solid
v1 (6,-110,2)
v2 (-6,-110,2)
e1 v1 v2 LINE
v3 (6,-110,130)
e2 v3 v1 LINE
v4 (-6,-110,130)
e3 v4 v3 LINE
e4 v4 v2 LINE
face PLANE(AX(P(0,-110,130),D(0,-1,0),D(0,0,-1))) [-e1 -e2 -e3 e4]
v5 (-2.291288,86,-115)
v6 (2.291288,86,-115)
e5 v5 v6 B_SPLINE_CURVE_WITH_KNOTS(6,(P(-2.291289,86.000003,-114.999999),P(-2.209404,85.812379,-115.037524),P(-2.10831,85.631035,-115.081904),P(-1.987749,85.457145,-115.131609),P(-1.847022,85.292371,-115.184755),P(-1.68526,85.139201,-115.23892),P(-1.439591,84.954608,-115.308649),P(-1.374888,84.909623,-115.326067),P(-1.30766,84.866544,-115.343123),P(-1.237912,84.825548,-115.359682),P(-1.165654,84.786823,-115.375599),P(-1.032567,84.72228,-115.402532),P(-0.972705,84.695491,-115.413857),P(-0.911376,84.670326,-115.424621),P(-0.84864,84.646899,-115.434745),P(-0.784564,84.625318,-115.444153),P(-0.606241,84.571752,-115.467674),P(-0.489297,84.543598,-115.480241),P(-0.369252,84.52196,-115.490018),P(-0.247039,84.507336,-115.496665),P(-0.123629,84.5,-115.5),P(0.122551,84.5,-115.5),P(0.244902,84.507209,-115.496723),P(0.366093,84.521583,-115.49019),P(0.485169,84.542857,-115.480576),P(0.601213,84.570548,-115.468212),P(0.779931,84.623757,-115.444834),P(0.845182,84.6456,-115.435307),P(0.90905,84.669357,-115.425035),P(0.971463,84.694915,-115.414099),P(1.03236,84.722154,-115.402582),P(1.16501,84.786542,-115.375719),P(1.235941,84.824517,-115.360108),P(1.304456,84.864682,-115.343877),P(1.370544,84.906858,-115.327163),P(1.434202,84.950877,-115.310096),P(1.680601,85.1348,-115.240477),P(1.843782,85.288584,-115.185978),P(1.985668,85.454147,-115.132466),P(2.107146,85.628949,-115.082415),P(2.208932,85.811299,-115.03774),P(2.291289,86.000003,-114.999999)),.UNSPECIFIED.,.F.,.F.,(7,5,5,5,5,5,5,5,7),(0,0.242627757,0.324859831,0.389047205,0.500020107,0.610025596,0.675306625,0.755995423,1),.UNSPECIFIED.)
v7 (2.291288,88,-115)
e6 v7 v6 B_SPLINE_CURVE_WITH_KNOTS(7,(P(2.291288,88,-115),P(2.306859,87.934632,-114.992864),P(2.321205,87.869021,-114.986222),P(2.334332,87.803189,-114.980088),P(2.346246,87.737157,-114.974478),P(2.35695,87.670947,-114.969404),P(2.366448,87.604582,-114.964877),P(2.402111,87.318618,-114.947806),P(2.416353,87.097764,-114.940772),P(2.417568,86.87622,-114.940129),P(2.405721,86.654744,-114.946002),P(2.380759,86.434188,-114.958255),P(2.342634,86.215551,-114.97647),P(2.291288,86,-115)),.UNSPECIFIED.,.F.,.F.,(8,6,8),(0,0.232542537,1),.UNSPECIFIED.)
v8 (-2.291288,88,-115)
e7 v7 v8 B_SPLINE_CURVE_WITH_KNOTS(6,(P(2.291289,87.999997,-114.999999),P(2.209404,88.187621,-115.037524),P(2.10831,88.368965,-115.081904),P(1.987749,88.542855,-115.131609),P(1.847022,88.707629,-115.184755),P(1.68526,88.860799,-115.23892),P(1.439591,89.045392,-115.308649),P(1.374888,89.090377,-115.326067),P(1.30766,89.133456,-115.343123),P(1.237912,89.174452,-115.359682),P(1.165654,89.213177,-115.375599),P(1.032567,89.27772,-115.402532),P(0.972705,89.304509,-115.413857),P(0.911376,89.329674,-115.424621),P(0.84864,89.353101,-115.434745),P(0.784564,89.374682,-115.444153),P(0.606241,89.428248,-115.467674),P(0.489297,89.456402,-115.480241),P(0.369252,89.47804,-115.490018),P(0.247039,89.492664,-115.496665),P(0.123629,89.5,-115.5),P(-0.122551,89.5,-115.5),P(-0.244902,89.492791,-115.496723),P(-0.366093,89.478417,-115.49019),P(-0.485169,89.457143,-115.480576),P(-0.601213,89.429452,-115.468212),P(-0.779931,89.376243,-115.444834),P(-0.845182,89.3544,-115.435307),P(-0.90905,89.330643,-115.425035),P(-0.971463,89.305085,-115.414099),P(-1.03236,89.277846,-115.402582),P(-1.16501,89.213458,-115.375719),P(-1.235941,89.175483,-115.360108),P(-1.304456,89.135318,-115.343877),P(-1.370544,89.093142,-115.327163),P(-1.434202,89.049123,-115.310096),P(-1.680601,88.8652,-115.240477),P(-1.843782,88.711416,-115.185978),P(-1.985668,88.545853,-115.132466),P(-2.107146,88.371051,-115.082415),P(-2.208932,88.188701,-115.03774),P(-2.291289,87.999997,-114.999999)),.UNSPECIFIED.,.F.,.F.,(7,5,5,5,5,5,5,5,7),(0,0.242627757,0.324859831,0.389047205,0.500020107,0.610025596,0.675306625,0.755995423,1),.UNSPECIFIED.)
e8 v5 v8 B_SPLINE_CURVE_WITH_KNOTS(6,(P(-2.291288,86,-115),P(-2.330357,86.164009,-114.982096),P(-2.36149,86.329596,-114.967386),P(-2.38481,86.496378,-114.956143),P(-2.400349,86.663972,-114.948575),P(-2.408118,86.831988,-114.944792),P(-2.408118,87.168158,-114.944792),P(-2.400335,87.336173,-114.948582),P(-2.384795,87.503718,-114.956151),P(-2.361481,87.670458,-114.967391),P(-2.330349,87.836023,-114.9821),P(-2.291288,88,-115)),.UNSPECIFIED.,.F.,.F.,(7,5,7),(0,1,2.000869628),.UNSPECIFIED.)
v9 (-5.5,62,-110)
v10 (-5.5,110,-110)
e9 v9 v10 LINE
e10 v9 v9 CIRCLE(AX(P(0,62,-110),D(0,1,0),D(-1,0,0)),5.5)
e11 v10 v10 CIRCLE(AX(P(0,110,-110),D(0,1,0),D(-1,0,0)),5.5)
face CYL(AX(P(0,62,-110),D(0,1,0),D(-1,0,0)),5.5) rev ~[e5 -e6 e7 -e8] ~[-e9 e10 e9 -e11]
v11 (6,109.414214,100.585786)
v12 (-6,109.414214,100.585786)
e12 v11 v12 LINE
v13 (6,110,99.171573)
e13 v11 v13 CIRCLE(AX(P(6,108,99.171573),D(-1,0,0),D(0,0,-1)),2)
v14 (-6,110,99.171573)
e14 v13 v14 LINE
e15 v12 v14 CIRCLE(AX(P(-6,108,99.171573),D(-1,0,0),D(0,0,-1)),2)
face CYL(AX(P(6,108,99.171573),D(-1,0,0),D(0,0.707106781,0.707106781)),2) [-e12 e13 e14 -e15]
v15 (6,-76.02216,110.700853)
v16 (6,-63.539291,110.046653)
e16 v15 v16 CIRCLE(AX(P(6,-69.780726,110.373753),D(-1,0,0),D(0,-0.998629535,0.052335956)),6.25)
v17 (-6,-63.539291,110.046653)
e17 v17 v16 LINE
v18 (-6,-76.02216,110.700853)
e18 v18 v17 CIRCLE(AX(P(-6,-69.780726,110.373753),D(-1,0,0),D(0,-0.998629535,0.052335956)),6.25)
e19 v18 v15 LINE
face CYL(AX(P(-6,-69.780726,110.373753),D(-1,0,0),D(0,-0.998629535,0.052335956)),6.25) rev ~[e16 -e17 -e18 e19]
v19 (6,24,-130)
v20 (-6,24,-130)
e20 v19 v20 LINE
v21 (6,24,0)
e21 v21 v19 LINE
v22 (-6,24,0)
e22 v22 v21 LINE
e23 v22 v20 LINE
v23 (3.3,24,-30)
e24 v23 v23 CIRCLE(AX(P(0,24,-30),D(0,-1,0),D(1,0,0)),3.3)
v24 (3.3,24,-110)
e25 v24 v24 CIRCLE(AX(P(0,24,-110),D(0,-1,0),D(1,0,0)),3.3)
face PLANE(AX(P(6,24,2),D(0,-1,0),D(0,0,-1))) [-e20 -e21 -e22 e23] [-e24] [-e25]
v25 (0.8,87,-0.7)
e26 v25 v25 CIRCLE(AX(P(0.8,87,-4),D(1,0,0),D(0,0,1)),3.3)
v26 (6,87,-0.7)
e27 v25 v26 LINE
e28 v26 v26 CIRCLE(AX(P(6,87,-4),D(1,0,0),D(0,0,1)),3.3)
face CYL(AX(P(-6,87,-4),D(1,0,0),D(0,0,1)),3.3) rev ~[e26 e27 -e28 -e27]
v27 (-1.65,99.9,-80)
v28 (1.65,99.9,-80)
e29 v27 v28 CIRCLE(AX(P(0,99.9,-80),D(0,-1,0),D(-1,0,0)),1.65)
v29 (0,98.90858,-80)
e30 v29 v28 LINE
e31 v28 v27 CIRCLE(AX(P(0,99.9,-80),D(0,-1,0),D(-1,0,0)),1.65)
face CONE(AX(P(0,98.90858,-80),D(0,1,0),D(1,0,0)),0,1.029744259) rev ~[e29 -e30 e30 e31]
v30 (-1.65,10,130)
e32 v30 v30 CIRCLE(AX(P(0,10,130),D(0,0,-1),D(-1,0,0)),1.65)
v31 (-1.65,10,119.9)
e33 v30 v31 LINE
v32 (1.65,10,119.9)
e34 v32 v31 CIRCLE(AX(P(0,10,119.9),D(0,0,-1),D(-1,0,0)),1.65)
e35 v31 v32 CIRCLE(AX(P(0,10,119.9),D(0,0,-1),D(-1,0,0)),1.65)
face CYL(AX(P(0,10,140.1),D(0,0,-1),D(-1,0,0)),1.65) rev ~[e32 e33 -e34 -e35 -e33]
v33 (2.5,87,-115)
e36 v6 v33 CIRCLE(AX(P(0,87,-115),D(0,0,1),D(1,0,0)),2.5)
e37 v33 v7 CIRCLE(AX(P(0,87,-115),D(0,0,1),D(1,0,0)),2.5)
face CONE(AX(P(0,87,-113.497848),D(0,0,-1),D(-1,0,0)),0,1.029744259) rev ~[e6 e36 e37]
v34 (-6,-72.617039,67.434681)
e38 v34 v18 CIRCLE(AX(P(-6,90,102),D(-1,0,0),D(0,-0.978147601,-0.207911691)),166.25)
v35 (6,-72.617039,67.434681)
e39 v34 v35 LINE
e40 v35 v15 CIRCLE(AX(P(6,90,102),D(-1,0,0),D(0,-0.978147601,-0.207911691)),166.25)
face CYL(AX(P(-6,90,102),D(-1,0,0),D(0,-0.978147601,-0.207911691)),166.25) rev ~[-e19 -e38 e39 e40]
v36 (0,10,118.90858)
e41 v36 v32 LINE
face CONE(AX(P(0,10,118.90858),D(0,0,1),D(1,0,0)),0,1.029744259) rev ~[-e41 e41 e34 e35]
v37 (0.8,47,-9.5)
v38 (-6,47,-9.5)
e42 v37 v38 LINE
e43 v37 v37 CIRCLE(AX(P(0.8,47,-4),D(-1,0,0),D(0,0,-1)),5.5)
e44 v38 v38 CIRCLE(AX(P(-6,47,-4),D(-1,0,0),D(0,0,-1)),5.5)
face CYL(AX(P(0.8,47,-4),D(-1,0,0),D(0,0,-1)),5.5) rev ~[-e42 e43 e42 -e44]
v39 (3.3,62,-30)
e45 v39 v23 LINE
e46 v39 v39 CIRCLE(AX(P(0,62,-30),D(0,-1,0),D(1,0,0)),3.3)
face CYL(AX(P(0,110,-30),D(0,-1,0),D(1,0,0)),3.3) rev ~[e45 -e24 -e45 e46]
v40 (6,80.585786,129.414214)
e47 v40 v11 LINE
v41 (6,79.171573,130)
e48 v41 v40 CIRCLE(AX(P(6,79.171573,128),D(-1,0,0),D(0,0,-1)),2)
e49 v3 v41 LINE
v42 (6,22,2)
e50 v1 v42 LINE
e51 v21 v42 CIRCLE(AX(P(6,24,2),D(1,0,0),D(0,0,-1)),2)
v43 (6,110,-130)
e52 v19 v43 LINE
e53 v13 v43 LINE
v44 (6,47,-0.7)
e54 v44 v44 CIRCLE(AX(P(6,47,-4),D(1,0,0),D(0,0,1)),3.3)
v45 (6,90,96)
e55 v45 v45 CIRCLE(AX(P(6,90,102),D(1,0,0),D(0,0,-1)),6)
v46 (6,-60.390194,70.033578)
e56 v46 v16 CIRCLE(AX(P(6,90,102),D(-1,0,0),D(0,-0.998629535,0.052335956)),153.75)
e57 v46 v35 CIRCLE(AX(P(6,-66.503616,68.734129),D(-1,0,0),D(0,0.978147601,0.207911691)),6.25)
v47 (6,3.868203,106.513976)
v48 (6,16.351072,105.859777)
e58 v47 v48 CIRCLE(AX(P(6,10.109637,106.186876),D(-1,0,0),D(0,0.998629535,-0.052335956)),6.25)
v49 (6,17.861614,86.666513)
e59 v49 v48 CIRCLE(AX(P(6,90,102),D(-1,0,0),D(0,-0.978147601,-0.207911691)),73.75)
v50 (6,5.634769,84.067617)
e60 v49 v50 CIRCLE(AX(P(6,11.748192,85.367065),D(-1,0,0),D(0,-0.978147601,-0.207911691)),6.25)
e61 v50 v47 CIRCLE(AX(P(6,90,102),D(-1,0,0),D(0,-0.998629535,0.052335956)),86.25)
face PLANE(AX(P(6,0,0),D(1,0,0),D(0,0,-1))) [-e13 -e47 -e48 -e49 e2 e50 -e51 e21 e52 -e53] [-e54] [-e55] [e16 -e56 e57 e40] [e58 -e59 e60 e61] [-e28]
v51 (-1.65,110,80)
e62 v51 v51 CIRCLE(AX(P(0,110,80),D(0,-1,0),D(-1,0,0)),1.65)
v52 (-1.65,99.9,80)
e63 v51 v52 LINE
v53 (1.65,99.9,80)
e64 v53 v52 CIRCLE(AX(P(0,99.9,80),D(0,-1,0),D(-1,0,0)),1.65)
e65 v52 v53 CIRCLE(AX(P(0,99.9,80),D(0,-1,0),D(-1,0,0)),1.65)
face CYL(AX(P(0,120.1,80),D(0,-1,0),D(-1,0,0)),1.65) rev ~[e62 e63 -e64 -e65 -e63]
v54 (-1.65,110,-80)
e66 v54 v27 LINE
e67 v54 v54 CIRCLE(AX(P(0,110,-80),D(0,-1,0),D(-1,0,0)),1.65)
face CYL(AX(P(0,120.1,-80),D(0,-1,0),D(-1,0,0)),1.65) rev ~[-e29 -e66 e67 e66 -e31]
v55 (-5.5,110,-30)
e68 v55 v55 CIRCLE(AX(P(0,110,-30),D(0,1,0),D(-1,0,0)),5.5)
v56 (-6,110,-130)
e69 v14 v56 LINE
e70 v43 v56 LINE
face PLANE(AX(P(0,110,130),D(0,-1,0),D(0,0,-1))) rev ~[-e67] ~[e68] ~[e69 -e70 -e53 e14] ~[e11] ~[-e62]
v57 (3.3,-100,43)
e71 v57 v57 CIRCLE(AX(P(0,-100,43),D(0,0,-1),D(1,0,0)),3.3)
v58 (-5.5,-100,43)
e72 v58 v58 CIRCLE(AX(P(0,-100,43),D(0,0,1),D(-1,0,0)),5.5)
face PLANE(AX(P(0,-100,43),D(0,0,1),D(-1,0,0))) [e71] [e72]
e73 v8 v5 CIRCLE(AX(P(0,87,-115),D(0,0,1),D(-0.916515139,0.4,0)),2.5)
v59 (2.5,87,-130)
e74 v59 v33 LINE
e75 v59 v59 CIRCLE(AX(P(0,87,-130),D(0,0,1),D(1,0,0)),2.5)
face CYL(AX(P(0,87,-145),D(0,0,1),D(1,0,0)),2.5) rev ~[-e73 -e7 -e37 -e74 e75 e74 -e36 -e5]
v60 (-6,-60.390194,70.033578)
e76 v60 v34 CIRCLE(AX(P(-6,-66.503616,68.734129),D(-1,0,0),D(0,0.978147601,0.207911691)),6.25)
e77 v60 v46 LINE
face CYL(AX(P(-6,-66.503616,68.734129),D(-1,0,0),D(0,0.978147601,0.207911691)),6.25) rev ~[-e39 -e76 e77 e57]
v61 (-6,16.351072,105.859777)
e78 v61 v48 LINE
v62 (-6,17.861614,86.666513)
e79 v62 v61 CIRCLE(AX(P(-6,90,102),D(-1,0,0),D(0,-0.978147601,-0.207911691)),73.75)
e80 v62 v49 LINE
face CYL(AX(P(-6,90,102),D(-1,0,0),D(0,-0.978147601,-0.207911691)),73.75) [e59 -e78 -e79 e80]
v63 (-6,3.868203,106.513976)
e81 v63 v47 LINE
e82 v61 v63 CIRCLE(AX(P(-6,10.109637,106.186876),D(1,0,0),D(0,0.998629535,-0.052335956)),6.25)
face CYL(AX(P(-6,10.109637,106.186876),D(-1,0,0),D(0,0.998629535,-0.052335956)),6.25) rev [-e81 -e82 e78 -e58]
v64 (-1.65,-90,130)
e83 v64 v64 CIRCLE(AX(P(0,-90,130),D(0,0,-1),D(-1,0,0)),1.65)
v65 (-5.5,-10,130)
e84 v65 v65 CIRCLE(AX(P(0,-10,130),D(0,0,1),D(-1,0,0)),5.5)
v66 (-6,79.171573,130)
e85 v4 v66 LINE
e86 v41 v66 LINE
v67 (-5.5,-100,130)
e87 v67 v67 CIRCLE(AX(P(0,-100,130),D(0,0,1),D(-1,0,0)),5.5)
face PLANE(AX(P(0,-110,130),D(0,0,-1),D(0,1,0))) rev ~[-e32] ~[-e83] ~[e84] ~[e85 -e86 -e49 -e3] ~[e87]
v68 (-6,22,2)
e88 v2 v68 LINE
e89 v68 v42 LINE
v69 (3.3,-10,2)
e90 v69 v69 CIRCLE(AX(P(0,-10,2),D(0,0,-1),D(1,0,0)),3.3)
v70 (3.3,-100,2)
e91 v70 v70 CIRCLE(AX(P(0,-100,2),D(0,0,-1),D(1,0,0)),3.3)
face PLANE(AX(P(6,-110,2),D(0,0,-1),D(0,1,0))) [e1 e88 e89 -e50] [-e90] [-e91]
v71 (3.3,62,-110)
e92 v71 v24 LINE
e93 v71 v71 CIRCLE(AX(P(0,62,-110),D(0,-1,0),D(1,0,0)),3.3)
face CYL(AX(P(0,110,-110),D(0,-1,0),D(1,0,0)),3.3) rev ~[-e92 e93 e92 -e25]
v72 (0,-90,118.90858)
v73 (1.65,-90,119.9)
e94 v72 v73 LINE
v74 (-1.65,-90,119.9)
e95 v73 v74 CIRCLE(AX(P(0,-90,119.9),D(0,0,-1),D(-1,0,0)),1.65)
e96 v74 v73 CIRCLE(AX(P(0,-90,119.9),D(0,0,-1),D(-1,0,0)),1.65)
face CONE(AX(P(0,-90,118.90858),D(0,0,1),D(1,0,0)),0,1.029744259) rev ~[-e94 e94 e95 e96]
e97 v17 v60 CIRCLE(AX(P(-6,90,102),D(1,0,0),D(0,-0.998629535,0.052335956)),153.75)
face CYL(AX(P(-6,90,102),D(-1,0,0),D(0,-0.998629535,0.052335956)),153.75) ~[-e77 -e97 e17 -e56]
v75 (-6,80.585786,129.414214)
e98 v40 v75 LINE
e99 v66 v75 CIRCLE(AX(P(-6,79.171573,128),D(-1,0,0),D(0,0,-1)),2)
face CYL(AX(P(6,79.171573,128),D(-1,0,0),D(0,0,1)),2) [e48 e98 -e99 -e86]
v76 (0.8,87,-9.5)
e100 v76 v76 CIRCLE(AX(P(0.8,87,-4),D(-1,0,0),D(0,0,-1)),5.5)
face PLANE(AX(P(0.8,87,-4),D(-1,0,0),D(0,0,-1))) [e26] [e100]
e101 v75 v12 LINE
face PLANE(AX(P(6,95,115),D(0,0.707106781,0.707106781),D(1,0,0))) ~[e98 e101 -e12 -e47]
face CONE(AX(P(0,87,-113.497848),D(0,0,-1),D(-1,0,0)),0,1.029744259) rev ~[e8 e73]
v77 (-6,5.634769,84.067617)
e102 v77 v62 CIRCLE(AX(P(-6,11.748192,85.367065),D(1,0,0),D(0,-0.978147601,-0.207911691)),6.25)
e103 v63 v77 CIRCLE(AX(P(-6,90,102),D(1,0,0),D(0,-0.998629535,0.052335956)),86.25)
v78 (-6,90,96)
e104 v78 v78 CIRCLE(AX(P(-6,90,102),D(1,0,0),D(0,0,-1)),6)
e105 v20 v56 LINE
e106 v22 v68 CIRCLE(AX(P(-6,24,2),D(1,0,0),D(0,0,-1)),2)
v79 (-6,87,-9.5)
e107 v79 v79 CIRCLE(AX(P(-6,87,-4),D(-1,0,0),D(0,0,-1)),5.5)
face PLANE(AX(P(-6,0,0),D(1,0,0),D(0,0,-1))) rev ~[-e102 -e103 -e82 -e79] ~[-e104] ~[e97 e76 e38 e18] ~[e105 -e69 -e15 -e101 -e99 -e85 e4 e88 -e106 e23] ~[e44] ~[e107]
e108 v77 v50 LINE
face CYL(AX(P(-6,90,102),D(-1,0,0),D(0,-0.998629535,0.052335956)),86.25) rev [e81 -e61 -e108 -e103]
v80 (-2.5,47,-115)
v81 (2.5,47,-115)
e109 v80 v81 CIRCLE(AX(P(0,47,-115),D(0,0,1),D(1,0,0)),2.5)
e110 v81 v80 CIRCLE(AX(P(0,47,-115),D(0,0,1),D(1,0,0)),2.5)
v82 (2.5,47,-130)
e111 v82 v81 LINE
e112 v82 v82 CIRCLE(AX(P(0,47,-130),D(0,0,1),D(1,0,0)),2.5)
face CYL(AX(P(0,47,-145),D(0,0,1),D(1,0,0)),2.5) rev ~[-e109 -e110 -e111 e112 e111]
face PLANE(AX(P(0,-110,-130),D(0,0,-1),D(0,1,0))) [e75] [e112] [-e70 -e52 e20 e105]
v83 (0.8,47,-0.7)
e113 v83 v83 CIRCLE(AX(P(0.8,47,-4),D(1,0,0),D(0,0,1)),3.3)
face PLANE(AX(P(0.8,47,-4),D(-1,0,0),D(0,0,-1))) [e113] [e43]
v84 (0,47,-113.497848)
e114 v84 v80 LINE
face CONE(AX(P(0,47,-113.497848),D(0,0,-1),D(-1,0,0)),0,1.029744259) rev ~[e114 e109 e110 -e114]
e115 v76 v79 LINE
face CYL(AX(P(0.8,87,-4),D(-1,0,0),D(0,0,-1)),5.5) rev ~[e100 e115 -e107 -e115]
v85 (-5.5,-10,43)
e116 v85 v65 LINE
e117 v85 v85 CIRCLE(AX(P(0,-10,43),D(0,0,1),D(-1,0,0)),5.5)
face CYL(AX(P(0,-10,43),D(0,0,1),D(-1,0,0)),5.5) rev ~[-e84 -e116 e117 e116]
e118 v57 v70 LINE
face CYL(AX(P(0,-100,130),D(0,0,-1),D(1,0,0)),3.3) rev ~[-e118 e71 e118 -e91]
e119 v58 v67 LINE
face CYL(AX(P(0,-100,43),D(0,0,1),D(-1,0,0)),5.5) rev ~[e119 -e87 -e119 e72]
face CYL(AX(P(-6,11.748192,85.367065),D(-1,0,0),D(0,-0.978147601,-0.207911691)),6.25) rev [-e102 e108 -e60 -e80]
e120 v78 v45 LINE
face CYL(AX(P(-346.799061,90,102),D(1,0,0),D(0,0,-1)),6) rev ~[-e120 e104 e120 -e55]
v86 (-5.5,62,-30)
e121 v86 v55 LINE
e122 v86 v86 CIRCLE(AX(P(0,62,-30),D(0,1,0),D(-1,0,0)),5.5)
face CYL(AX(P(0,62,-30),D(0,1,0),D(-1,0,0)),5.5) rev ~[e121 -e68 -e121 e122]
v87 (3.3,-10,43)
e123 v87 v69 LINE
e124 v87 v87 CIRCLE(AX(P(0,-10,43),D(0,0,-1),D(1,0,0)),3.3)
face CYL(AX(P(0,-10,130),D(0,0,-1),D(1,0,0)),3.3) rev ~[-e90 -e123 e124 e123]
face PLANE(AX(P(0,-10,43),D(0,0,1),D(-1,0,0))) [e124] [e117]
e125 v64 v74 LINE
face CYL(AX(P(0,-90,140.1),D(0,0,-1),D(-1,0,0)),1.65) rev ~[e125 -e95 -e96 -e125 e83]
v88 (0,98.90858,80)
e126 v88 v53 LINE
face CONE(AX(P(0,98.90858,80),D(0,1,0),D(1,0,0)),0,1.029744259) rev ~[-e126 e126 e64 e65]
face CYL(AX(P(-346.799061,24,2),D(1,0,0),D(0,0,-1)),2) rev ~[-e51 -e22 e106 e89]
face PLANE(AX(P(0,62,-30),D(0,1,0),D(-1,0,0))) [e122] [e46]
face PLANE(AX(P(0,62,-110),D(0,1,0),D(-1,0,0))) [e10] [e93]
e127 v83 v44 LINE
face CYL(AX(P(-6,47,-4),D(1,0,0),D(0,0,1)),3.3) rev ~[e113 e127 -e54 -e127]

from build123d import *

# Parameters (mm, degrees)
SKETCH_1_W                = 260
SKETCH_1_H                = 220
EXTRUDE_1_DEPTH           = 6
SKETCH_4_W                = 132
SKETCH_4_H                = 134
CUT_EXTRUDE_1_DEPTH       = 171.716138663
HOLE_WIZARD_1_D           = 6.6
HOLE_WIZARD_1_CBORE_D     = 11
HOLE_WIZARD_1_CBORE_DEPTH = 6.8
HOLE_WIZARD_M12_1_D       = 12
CUT_EXTRUDE_2_DEPTH       = 171.716138663
HOLE_WIZARD_M6_1_D        = 5
HOLE_WIZARD_M6_1_DEPTH    = 15
HOLE_WIZARD_M6_1_TIP      = 1.502151548
HOLE_WIZARD_3_D           = 6.6
HOLE_WIZARD_3_CBORE_D     = 11
HOLE_WIZARD_3_CBORE_DEPTH = 87
HOLE_WIZARD_2_D           = 6.6
HOLE_WIZARD_2_CBORE_D     = 11
HOLE_WIZARD_2_CBORE_DEPTH = 48
HOLE_WIZARD_1_2_D         = 4
HOLE_WIZARD_M4_1_D        = 3.3
HOLE_WIZARD_M4_1_DEPTH    = 10.1
HOLE_WIZARD_M4_1_TIP      = 0.991420021
HOLE_WIZARD_M4_2_D        = 3.3
HOLE_WIZARD_M4_2_DEPTH    = 10.1
HOLE_WIZARD_M4_2_TIP      = 0.991420021
CHAMFER_1_SIZE            = 30
FILLET_1_R                = 2


with BuildPart() as part:
    # 草图1 → 凸台-拉伸1 (new, symmetric)
    with BuildSketch(Plane(origin=(0, 0, 0), x_dir=(0, 0, -1), z_dir=(1, 0, 0))):
        Rectangle(SKETCH_1_W, SKETCH_1_H)
    extrude(amount=EXTRUDE_1_DEPTH, both=True)

    # 草图4 → 切除-拉伸1 (cut, through all)
    with BuildSketch(Plane(origin=(6, 0, 0), x_dir=(0, 0, -1), z_dir=(1, 0, 0))):
        with Locations((64, -43)):
            Rectangle(SKETCH_4_W, SKETCH_4_H)
    extrude(amount=-CUT_EXTRUDE_1_DEPTH, mode=Mode.SUBTRACT)

    # Hole Wizard 1 (through all)
    with Locations(Plane(origin=(-6, -19.944864322, 4.622627096), x_dir=(0, 0, -1), z_dir=(-1, 0, 0))):
        with Locations((8.622627096, -106.944864322), (8.622627096, -66.944864322)):
            CounterBoreHole(HOLE_WIZARD_1_D / 2, HOLE_WIZARD_1_CBORE_D / 2, HOLE_WIZARD_1_CBORE_DEPTH)

    # M12 间隙孔1 (through all)
    with Locations(Plane.ZY.offset(6)):
        with Locations((102, 90)):
            Hole(HOLE_WIZARD_M12_1_D / 2)

    # 草图7 → 切除-拉伸2 (cut, through all)
    with BuildSketch(Plane.ZY.offset(6)):
        with BuildLine():
            ThreePointArc((86.666512802, 17.861614446), (96.21364169, 16.477346637), (105.859776773, 16.351071812))
            ThreePointArc((105.859776773, 16.351071812), (112.428311092, 10.436736946), (106.513976226, 3.868202627))
            ThreePointArc((106.513976226, 3.868202627), (95.232902993, 4.015879966), (84.067616667, 5.634769437))
            ThreePointArc((84.067616667, 5.634769437), (79.25364223, 13.047640009), (86.666512802, 17.861614446))
        make_face()
        with BuildLine():
            ThreePointArc((67.434681402, -72.617038622), (88.956175335, -75.737506733), (110.700852725, -76.022160153))
            ThreePointArc((110.700852725, -76.022160153), (116.615187591, -69.453625834), (110.046653272, -63.539290969))
            ThreePointArc((110.046653272, -63.539290969), (89.936914032, -63.276040061), (70.033577537, -60.390193613))
            ThreePointArc((70.033577537, -60.390193613), (62.620706965, -65.20416805), (67.434681402, -72.617038622))
        make_face()
    extrude(amount=-CUT_EXTRUDE_2_DEPTH, mode=Mode.SUBTRACT)

    # M6 螺纹孔1
    with Locations(Plane(origin=(0, 0, -130), x_dir=(-1, 0, 0), z_dir=(0, 0, -1))):
        with Locations((0, 87), (0, 47)):
            Hole(HOLE_WIZARD_M6_1_D / 2, depth=HOLE_WIZARD_M6_1_DEPTH)
            with Locations((0, 0, -(HOLE_WIZARD_M6_1_DEPTH + HOLE_WIZARD_M6_1_TIP / 2))):  # 118° drill point
                Cone(0, HOLE_WIZARD_M6_1_D / 2, HOLE_WIZARD_M6_1_TIP, mode=Mode.SUBTRACT)

    # 打孔尺寸根据内六角圆柱头螺钉的类型3 (through all)
    with Locations(Plane(origin=(4.643601276, 65.309968696, 130), x_dir=(-1, 0, 0), z_dir=(0, 0, 1))):
        with Locations((4.643601276, 75.309968696), (4.643601276, 165.309968696)):
            CounterBoreHole(HOLE_WIZARD_3_D / 2, HOLE_WIZARD_3_CBORE_D / 2, HOLE_WIZARD_3_CBORE_DEPTH)

    # 打孔尺寸根据内六角圆柱头螺钉的类型2 (through all)
    with Locations(Plane(origin=(-2.196087781, 110, 22.857251804), x_dir=(-1, 0, 0), z_dir=(0, 1, 0))):
        with Locations((-2.196087781, -52.857251804), (-2.196087781, -132.857251804)):
            CounterBoreHole(HOLE_WIZARD_2_D / 2, HOLE_WIZARD_2_CBORE_D / 2, HOLE_WIZARD_2_CBORE_DEPTH)

    # Hole Wizard 1 2 (through all)
    with Locations(Plane.ZY.offset(6)):
        with Locations((2, 24)):
            Hole(HOLE_WIZARD_1_2_D / 2)

    # M4 螺纹孔1
    with Locations(Plane.XY.offset(130)):
        with Locations((0, -90), (0, 10)):
            Hole(HOLE_WIZARD_M4_1_D / 2, depth=HOLE_WIZARD_M4_1_DEPTH)
            with Locations((0, 0, -(HOLE_WIZARD_M4_1_DEPTH + HOLE_WIZARD_M4_1_TIP / 2))):  # 118° drill point
                Cone(0, HOLE_WIZARD_M4_1_D / 2, HOLE_WIZARD_M4_1_TIP, mode=Mode.SUBTRACT)

    # M4 螺纹孔2
    with Locations(Plane(origin=(0, 110, 0), x_dir=(1, 0, 0), z_dir=(0, 1, 0))):
        with Locations((0, 80), (0, -80)):
            Hole(HOLE_WIZARD_M4_2_D / 2, depth=HOLE_WIZARD_M4_2_DEPTH)
            with Locations((0, 0, -(HOLE_WIZARD_M4_2_DEPTH + HOLE_WIZARD_M4_2_TIP / 2))):  # 118° drill point
                Cone(0, HOLE_WIZARD_M4_2_D / 2, HOLE_WIZARD_M4_2_TIP, mode=Mode.SUBTRACT)

    # 倒角1
    chamfer_1_edges = [part.edges().sort_by_distance(p)[0] for p in [
        (0, 110, 130),
    ]]
    chamfer(chamfer_1_edges, length=CHAMFER_1_SIZE)

    # 圆角1
    fillet_1_edges = [part.edges().sort_by_distance(p)[0] for p in [
        (0, 80, 130),
        (0, 110, 100),
    ]]
    fillet(fillet_1_edges, radius=FILLET_1_R)


solid = part.part
